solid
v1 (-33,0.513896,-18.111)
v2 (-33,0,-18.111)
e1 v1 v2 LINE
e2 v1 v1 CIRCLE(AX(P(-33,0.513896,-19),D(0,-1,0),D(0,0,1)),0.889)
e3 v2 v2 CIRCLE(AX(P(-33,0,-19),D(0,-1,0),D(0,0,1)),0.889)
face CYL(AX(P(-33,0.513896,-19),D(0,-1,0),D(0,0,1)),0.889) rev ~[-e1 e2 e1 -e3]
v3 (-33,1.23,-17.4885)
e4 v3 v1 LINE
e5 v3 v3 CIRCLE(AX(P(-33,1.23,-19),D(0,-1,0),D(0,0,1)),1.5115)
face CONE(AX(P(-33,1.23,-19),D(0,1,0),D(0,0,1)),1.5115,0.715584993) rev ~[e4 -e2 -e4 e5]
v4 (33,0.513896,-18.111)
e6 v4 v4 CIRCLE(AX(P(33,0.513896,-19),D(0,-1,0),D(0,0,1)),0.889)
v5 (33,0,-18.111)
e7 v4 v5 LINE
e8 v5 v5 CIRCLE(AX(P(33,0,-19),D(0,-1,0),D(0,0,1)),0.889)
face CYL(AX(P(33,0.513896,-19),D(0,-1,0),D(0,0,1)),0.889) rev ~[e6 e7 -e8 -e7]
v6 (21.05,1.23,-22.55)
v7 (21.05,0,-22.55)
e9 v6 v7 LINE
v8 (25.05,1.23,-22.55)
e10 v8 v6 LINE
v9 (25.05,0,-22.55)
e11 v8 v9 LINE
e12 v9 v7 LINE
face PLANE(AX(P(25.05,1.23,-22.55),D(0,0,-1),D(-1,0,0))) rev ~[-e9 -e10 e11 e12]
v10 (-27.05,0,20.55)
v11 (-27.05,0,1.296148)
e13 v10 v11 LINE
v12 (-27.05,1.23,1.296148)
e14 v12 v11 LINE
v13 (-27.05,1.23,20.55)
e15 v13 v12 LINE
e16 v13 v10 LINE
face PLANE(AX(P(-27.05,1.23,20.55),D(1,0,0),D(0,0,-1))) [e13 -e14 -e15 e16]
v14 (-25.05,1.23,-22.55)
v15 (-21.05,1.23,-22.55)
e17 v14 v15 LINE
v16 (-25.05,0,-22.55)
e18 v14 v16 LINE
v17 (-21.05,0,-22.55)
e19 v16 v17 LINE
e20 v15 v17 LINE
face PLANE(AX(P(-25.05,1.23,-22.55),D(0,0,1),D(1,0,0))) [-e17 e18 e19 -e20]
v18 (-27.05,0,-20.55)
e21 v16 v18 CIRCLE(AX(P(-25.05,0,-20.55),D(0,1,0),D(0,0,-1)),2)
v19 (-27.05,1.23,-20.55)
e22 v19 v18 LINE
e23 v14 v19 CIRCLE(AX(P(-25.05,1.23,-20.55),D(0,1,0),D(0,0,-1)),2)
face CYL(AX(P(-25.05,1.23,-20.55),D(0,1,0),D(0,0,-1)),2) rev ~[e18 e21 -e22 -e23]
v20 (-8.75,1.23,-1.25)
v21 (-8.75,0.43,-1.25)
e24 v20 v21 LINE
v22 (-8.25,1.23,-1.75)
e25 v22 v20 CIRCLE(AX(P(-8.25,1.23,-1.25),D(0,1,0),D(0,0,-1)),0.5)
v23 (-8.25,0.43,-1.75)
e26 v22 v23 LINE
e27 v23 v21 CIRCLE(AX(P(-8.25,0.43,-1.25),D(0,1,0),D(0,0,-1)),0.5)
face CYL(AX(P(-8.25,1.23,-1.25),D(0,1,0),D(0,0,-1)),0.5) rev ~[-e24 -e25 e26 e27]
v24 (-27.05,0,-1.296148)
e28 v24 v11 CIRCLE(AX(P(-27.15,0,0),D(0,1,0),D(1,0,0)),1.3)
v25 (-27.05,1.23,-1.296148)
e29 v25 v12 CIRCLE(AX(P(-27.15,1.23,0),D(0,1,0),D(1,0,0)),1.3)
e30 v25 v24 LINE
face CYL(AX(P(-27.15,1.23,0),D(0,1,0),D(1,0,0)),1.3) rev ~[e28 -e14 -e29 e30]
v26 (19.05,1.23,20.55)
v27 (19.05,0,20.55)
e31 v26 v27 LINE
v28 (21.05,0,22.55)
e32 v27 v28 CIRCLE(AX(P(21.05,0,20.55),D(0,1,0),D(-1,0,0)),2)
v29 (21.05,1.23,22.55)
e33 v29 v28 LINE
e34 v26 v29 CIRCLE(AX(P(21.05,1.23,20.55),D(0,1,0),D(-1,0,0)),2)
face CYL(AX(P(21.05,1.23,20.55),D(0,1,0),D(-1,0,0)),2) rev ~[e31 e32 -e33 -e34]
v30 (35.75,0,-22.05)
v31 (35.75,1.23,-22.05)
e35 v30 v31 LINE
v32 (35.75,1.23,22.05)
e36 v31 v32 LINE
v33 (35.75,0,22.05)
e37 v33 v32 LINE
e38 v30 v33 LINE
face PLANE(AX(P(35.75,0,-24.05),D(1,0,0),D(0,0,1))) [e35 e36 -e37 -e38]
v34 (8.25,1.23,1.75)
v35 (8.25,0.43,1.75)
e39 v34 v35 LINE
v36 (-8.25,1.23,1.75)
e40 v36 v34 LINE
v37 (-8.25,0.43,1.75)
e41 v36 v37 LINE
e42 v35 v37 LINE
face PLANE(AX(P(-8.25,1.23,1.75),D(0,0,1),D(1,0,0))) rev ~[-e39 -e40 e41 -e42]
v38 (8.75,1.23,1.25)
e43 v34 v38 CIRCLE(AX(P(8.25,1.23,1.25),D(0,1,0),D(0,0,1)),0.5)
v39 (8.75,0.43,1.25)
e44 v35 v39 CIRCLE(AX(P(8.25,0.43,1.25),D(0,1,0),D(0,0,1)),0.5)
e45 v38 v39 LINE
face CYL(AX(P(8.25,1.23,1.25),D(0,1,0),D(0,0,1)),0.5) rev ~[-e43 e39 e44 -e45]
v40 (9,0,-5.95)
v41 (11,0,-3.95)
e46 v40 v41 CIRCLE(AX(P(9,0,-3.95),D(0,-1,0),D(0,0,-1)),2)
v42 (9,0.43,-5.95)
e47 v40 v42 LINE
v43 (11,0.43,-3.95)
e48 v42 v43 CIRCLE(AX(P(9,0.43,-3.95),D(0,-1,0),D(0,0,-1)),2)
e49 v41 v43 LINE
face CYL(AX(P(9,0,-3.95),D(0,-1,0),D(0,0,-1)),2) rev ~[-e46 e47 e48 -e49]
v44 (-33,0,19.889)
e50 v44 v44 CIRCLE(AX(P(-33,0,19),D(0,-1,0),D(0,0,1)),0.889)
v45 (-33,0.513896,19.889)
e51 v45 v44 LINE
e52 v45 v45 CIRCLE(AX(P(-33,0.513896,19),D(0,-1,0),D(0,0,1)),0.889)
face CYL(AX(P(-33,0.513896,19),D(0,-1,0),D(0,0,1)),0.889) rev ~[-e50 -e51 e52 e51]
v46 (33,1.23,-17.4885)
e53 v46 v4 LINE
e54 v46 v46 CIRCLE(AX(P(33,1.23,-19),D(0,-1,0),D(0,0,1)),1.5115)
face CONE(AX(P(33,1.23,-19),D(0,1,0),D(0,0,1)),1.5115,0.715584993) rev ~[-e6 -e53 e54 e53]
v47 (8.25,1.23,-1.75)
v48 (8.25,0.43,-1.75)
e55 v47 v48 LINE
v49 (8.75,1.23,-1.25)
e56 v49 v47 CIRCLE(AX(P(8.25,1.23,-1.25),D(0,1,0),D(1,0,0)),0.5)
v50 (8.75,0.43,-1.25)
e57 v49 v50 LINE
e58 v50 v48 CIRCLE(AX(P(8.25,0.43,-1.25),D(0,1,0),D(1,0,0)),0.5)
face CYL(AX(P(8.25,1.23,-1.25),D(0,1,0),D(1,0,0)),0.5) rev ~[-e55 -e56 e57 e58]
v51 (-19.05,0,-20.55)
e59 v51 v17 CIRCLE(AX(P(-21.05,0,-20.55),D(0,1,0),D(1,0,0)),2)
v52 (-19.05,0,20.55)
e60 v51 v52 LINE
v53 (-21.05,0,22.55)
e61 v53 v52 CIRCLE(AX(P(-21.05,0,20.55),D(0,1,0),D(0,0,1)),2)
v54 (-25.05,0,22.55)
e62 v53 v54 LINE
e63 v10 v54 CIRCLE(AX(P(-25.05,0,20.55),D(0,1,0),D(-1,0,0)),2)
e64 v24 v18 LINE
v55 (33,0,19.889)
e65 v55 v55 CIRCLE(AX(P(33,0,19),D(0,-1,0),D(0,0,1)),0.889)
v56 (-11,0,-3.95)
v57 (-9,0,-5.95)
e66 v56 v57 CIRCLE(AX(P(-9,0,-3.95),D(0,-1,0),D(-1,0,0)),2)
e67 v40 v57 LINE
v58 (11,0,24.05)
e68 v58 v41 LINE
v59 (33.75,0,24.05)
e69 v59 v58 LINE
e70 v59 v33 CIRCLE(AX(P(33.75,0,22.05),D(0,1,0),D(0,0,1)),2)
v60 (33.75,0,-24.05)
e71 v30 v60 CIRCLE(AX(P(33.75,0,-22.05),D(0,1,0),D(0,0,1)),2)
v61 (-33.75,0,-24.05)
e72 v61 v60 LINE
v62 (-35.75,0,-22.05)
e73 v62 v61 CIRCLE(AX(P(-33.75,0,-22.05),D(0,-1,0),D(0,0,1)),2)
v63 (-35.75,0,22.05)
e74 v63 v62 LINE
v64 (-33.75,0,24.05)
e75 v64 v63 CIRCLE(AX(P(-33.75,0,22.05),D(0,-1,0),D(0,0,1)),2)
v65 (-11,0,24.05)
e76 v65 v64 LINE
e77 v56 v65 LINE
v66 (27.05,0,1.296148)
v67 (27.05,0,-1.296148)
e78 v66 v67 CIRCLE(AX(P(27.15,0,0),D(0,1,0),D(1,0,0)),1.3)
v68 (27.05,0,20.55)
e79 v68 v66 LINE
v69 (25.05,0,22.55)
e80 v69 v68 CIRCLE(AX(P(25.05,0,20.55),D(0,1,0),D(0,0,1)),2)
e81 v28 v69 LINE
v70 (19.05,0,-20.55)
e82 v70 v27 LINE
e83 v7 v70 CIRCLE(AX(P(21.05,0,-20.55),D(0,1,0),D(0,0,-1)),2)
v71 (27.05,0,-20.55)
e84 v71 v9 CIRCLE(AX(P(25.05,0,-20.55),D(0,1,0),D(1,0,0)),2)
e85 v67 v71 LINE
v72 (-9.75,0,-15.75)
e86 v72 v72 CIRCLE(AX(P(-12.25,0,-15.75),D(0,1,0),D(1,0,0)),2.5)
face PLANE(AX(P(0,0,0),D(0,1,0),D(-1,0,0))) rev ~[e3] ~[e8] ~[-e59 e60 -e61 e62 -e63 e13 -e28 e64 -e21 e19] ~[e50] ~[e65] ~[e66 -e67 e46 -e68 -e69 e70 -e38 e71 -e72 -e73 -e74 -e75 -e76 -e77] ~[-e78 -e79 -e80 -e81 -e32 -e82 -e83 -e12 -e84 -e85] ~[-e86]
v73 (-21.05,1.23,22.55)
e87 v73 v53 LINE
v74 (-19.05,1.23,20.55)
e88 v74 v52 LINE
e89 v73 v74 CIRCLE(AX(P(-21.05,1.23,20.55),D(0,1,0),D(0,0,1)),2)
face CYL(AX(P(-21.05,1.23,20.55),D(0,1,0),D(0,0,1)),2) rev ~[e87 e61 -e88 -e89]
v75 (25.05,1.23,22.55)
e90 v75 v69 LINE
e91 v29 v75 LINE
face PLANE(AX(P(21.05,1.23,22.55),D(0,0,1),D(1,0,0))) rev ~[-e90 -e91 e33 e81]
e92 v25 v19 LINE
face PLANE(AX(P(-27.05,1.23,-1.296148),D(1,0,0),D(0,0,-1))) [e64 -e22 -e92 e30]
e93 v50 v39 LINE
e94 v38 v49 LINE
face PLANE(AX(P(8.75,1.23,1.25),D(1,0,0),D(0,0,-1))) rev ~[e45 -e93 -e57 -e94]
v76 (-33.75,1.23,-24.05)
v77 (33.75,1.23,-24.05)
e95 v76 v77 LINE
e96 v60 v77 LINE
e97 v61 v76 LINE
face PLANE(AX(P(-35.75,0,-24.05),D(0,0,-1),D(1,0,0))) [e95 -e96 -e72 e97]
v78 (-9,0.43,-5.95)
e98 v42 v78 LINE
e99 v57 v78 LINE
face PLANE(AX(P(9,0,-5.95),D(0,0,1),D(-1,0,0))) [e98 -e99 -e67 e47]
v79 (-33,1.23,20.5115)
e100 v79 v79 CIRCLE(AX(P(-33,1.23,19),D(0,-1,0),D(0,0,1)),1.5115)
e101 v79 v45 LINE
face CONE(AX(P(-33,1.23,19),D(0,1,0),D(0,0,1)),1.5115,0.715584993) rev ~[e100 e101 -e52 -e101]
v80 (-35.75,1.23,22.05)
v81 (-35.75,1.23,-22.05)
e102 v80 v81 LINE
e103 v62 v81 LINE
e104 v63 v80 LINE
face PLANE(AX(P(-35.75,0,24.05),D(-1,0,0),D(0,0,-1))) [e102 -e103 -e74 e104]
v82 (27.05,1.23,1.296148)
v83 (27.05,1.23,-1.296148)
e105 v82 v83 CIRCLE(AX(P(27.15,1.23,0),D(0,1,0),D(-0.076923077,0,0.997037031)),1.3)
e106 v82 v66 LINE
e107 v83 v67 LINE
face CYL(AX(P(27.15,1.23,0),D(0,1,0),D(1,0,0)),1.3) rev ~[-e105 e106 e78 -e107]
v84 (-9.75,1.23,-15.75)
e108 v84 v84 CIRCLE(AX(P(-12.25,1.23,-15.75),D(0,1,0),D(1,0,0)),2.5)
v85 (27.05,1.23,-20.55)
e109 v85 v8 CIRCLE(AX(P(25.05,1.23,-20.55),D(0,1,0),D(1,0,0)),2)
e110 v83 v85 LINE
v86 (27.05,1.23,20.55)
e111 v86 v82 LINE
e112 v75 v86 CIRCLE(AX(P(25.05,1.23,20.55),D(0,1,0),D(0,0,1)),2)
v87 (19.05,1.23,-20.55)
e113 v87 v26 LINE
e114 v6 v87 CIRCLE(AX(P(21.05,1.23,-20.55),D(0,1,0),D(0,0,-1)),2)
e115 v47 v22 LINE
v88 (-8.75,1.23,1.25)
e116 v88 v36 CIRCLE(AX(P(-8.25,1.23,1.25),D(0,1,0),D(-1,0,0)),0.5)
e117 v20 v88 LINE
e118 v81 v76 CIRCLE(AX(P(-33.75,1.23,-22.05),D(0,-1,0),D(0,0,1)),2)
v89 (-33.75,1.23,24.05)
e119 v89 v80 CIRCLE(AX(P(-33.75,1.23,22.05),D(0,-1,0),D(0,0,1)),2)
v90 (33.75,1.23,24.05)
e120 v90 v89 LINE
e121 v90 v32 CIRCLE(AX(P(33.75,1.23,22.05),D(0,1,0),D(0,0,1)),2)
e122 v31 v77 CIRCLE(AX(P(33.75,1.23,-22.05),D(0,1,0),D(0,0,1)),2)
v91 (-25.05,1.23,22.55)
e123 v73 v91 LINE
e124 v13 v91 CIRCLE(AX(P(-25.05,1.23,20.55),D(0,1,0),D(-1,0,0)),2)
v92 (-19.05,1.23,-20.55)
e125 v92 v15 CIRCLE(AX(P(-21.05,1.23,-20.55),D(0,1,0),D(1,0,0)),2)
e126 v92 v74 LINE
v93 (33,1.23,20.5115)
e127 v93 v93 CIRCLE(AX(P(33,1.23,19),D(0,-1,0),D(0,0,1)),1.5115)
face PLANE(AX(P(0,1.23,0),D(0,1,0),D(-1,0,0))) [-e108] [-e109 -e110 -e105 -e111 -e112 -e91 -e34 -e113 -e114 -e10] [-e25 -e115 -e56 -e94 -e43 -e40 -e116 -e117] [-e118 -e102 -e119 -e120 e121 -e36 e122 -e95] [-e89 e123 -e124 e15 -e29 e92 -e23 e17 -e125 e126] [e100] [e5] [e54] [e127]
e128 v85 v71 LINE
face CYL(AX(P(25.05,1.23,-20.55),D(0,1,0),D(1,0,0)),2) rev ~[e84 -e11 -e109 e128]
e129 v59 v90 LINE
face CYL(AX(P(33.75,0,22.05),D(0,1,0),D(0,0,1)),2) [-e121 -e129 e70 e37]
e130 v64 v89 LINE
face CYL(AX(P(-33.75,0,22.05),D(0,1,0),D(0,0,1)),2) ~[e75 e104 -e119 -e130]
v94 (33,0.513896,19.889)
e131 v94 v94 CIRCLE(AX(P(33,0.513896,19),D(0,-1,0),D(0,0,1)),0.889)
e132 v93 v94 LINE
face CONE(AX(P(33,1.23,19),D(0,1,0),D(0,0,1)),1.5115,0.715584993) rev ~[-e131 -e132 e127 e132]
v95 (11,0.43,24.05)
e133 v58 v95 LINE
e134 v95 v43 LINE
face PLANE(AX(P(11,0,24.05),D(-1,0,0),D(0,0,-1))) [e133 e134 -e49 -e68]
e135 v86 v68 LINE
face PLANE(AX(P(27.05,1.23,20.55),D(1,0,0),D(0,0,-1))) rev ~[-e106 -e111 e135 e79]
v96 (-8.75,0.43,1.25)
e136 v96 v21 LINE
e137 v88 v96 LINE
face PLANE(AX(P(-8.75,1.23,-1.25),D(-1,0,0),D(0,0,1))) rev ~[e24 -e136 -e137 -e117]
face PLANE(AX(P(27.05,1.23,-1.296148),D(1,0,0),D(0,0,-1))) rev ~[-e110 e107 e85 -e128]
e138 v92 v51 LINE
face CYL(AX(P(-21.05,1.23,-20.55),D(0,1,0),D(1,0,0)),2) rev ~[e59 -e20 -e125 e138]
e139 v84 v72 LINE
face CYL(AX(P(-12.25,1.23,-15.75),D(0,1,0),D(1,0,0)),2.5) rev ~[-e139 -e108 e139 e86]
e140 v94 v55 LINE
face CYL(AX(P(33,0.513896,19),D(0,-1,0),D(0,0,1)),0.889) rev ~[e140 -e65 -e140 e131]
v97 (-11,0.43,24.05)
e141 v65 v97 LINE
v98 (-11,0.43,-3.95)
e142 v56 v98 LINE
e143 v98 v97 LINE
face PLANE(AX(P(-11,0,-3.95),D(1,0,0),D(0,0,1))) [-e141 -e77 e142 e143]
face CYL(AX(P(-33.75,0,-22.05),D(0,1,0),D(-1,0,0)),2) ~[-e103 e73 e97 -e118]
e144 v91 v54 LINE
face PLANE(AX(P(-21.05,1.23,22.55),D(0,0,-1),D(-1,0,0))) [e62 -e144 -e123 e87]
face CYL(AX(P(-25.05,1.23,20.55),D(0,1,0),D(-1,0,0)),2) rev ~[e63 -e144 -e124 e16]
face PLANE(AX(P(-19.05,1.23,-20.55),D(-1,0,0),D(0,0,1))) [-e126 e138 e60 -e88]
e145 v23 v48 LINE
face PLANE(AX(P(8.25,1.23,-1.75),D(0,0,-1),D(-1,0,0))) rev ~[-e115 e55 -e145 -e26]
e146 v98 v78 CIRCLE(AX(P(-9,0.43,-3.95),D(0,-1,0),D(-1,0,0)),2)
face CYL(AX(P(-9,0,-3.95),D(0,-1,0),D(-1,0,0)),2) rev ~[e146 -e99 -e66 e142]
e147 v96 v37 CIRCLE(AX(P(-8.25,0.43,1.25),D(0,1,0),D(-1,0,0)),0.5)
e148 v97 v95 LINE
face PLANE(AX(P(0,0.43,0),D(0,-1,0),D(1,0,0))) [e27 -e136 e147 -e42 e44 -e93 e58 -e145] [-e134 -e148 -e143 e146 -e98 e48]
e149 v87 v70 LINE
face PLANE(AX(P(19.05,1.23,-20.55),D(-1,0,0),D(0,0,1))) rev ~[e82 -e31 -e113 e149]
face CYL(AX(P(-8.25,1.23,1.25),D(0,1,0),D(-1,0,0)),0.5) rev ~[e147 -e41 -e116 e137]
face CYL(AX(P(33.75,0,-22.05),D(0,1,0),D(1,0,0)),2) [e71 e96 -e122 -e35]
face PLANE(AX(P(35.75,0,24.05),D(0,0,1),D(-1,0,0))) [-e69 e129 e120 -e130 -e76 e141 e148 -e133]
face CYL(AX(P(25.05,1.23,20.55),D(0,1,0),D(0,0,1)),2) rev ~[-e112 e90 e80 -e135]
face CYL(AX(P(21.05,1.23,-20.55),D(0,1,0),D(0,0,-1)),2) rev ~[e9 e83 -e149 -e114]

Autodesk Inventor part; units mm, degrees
ref_plane "YZ Plane" through (0, 0, 0) normal (1, 0, 0) x (0, 1, 0)
ref_plane "XZ Plane" through (0, 0, 0) normal (0, 1, 0) x (-1, 0, 0)
ref_plane "XY Plane" through (0, 0, 0) normal (0, 0, 1) x (1, 0, 0)
sketch "Sketch1" plane through (0, 0, 0) normal (0, 1, 0) x (-1, 0, 0)
  line L0 (-35.75, 24.05) -> (35.75, 24.05)
  line L1 (35.75, 24.05) -> (35.75, -24.05)
  line L2 (35.75, -24.05) -> (-35.75, -24.05)
  line L3 (-35.75, -24.05) -> (-35.75, 24.05)
  line L4 (-35.75, 24.05) -> (35.75, -24.05) construction
  line L5 (35.75, 24.05) -> (-35.75, -24.05) construction
  point P0 (0, 0)
  dimension "d0" = 48.1
  dimension "d1" = 71.5
extrude "Extrusion1" add sketch "Sketch1" along normal blind 1.23
sketch "Sketch2" plane through (0, 1.23, 0) normal (0, 1, 0) x (1, 0, 0)
  point P0 (0, 0)
  point P1 (-33, 19)
  point P2 (33, 19)
  point P3 (-33, -19)
  point P4 (33, -19)
  dimension "d77" = 38
  dimension "d78" = 19
  dimension "d79" = 33
  dimension "d115" = 33
hole "Hole1" at (-33, 1.23, -19) at (33, 1.23, -19) at (-33, 1.23, 19) at (33, 1.23, 19) direction (0, -1, 0) diameter 1.778 end through all countersink diameter 3.023 countersink angle 82 clearance for "Flat Head Machine Screw (82)" size "#0" standard "Ansi Unified Screw Threads"
fillet "Fillet3" radius 2 4 edges at (35.75, 0.615, 24.05) (35.75, 0.615, -24.05) (-35.75, 0.615, -24.05) (-35.75, 0.615, 24.05)
sketch "Sketch10" plane through (0, 1.23, 0) normal (0, 1, 0) x (1, 0, 0)
  line L0 (-27.55, -21) -> (-29.05, -21)
  line L1 (-29.05, -21) -> (-29.05, 21)
  line L2 (-29.05, 21) -> (-27.55, 21)
  line L3 (-27.55, 21) -> (-27.55, -21)
  line L4 (-27.55, -21) -> (-29.05, 21) construction
  line L5 (-29.05, -21) -> (-27.55, 21) construction
  line L6 (0, 13.6561) -> (0, -11.4856)
  line L7 (27.55, -21) -> (29.05, -21)
  line L8 (29.05, -21) -> (29.05, 21)
  line L9 (29.05, 21) -> (27.55, 21)
  line L10 (27.55, 21) -> (27.55, -21)
  line L11 (27.55, -21) -> (29.05, 21) construction
  line L12 (29.05, -21) -> (27.55, 21) construction
  point P0 (0, 0)
  point P1 (-28.3, 0)
  point P2 (-27.55, 0)
  point P3 (28.3, 0)
  point P4 (27.55, 0)
  dimension "d124" = 1.5
  dimension "d125" = 42
  dimension "d126" = 27.55
extrude "Extrusion7" [suppressed]
sketch "Sketch11" plane through (0, 0, 0) normal (0, -1, 0) x (1, 0, 0)
  line L0 (-33.75, 24.05) -> (33.75, 24.05) projected
  line L1 (-11, 24.05) -> (11, 24.05)
  line L2 (11, 24.05) -> (11, -3.95)
  line L3 (9, -5.95) -> (-9, -5.95)
  line L4 (-11, -3.95) -> (-11, 24.05)
  arc A0 (9, -5.95) -> (11, -3.95) centre (9, -3.95) ccw
  arc A1 (-11, -3.95) -> (-9, -5.95) centre (-9, -3.95) ccw
  point P0 (0, 0)
  point P1 (11, -5.95)
  point P2 (-11, -5.95)
  dimension "d129" = 22
  dimension "d130" = 30
  dimension "d131" = 11
  dimension "d132" = 2
extrude "Extrusion8" cut sketch "Sketch11" against normal blind 0.43
sketch "Sketch12" plane through (0, 1.23, 0) normal (0, 1, 0) x (1, 0, 0)
  line L0 (8.25, 1.75) -> (-8.25, 1.75)
  line L1 (-8.75, 1.25) -> (-8.75, -1.25)
  line L2 (-8.25, -1.75) -> (8.25, -1.75)
  line L3 (8.75, -1.25) -> (8.75, 1.25)
  line L4 (8.75, 1.75) -> (-8.75, -1.75) construction
  line L5 (-8.75, 1.75) -> (8.75, -1.75) construction
  arc A0 (-8.75, -1.25) -> (-8.25, -1.75) centre (-8.25, -1.25) ccw
  arc A1 (-8.25, 1.75) -> (-8.75, 1.25) centre (-8.25, 1.25) ccw
  arc A2 (8.25, -1.75) -> (8.75, -1.25) centre (8.25, -1.25) ccw
  arc A3 (8.75, 1.25) -> (8.25, 1.75) centre (8.25, 1.25) ccw
  point P0 (0, 0)
  dimension "d135" = 17.5
  dimension "d136" = 3.5
  dimension "d137" = 0.5
extrude "Extrusion9" cut sketch "Sketch12" against normal through all
sketch "Sketch13" plane through (0, 1.23, 0) normal (0, 1, 0) x (1, 0, 0)
  circle A0 centre (-12.25, 15.75) radius 2.5
  point P0 (0, 0)
  dimension "d161" = 15.75
  dimension "d162" = 12.25
  dimension "d163" = 5
extrude "Extrusion10" cut sketch "Sketch13" against normal through all
sketch "Sketch15" plane through (0, 1.23, 0) normal (0, 1, 0) x (1, 0, 0)
  line L0 (-21.05, -22.55) -> (-25.05, -22.55)
  line L1 (-27.05, -20.55) -> (-27.05, 20.55)
  line L2 (-25.05, 22.55) -> (-21.05, 22.55)
  line L3 (-19.05, 20.55) -> (-19.05, -20.55)
  line L4 (-19.05, -22.55) -> (-27.05, 22.55) construction
  line L5 (-27.05, -22.55) -> (-19.05, 22.55) construction
  arc A0 (-25.05, 22.55) -> (-27.05, 20.55) centre (-25.05, 20.55) ccw
  arc A1 (-27.05, -20.55) -> (-25.05, -22.55) centre (-25.05, -20.55) ccw
  arc A2 (-21.05, -22.55) -> (-19.05, -20.55) centre (-21.05, -20.55) ccw
  arc A3 (-19.05, 20.55) -> (-21.05, 22.55) centre (-21.05, 20.55) ccw
  circle A4 centre (-27.15, 0) radius 1.3
  line L6 (0, 25.2712) -> (0, -27.2079)
  line L7 (21.05, -22.55) -> (25.05, -22.55)
  line L8 (27.05, -20.55) -> (27.05, 20.55)
  line L9 (25.05, 22.55) -> (21.05, 22.55)
  line L10 (19.05, 20.55) -> (19.05, -20.55)
  line L11 (19.05, -22.55) -> (27.05, 22.55) construction
  line L12 (27.05, -22.55) -> (19.05, 22.55) construction
  arc A5 (27.05, 20.55) -> (25.05, 22.55) centre (25.05, 20.55) ccw
  arc A6 (25.05, -22.55) -> (27.05, -20.55) centre (25.05, -20.55) ccw
  arc A7 (19.05, -20.55) -> (21.05, -22.55) centre (21.05, -20.55) ccw
  arc A8 (21.05, 22.55) -> (19.05, 20.55) centre (21.05, 20.55) ccw
  circle A9 centre (27.15, 0) radius 1.3
  point P0 (0, 0)
  point P1 (-23.05, 0)
  point P2 (-27.05, 1.2961)
  point P3 (-27.05, -1.2961)
  point P4 (23.05, 0)
  point P5 (27.05, -1.2961)
  point P6 (27.05, 1.2961)
  dimension "d164" = 45.1
  dimension "d165" = 27.05
  dimension "d166" = 2
  dimension "d167" = 8
  dimension "d170" = 27.15
  dimension "d171" = 2.6
extrude "Extrusion11" cut sketch "Sketch15" against normal through all
equation "\"d78\" = 0.5 * d77"
equation "\"d115\" = d79"
equation "\"d131\" = 0.5 * d129"
properties part number "spacer" material "Stainless Steel"
